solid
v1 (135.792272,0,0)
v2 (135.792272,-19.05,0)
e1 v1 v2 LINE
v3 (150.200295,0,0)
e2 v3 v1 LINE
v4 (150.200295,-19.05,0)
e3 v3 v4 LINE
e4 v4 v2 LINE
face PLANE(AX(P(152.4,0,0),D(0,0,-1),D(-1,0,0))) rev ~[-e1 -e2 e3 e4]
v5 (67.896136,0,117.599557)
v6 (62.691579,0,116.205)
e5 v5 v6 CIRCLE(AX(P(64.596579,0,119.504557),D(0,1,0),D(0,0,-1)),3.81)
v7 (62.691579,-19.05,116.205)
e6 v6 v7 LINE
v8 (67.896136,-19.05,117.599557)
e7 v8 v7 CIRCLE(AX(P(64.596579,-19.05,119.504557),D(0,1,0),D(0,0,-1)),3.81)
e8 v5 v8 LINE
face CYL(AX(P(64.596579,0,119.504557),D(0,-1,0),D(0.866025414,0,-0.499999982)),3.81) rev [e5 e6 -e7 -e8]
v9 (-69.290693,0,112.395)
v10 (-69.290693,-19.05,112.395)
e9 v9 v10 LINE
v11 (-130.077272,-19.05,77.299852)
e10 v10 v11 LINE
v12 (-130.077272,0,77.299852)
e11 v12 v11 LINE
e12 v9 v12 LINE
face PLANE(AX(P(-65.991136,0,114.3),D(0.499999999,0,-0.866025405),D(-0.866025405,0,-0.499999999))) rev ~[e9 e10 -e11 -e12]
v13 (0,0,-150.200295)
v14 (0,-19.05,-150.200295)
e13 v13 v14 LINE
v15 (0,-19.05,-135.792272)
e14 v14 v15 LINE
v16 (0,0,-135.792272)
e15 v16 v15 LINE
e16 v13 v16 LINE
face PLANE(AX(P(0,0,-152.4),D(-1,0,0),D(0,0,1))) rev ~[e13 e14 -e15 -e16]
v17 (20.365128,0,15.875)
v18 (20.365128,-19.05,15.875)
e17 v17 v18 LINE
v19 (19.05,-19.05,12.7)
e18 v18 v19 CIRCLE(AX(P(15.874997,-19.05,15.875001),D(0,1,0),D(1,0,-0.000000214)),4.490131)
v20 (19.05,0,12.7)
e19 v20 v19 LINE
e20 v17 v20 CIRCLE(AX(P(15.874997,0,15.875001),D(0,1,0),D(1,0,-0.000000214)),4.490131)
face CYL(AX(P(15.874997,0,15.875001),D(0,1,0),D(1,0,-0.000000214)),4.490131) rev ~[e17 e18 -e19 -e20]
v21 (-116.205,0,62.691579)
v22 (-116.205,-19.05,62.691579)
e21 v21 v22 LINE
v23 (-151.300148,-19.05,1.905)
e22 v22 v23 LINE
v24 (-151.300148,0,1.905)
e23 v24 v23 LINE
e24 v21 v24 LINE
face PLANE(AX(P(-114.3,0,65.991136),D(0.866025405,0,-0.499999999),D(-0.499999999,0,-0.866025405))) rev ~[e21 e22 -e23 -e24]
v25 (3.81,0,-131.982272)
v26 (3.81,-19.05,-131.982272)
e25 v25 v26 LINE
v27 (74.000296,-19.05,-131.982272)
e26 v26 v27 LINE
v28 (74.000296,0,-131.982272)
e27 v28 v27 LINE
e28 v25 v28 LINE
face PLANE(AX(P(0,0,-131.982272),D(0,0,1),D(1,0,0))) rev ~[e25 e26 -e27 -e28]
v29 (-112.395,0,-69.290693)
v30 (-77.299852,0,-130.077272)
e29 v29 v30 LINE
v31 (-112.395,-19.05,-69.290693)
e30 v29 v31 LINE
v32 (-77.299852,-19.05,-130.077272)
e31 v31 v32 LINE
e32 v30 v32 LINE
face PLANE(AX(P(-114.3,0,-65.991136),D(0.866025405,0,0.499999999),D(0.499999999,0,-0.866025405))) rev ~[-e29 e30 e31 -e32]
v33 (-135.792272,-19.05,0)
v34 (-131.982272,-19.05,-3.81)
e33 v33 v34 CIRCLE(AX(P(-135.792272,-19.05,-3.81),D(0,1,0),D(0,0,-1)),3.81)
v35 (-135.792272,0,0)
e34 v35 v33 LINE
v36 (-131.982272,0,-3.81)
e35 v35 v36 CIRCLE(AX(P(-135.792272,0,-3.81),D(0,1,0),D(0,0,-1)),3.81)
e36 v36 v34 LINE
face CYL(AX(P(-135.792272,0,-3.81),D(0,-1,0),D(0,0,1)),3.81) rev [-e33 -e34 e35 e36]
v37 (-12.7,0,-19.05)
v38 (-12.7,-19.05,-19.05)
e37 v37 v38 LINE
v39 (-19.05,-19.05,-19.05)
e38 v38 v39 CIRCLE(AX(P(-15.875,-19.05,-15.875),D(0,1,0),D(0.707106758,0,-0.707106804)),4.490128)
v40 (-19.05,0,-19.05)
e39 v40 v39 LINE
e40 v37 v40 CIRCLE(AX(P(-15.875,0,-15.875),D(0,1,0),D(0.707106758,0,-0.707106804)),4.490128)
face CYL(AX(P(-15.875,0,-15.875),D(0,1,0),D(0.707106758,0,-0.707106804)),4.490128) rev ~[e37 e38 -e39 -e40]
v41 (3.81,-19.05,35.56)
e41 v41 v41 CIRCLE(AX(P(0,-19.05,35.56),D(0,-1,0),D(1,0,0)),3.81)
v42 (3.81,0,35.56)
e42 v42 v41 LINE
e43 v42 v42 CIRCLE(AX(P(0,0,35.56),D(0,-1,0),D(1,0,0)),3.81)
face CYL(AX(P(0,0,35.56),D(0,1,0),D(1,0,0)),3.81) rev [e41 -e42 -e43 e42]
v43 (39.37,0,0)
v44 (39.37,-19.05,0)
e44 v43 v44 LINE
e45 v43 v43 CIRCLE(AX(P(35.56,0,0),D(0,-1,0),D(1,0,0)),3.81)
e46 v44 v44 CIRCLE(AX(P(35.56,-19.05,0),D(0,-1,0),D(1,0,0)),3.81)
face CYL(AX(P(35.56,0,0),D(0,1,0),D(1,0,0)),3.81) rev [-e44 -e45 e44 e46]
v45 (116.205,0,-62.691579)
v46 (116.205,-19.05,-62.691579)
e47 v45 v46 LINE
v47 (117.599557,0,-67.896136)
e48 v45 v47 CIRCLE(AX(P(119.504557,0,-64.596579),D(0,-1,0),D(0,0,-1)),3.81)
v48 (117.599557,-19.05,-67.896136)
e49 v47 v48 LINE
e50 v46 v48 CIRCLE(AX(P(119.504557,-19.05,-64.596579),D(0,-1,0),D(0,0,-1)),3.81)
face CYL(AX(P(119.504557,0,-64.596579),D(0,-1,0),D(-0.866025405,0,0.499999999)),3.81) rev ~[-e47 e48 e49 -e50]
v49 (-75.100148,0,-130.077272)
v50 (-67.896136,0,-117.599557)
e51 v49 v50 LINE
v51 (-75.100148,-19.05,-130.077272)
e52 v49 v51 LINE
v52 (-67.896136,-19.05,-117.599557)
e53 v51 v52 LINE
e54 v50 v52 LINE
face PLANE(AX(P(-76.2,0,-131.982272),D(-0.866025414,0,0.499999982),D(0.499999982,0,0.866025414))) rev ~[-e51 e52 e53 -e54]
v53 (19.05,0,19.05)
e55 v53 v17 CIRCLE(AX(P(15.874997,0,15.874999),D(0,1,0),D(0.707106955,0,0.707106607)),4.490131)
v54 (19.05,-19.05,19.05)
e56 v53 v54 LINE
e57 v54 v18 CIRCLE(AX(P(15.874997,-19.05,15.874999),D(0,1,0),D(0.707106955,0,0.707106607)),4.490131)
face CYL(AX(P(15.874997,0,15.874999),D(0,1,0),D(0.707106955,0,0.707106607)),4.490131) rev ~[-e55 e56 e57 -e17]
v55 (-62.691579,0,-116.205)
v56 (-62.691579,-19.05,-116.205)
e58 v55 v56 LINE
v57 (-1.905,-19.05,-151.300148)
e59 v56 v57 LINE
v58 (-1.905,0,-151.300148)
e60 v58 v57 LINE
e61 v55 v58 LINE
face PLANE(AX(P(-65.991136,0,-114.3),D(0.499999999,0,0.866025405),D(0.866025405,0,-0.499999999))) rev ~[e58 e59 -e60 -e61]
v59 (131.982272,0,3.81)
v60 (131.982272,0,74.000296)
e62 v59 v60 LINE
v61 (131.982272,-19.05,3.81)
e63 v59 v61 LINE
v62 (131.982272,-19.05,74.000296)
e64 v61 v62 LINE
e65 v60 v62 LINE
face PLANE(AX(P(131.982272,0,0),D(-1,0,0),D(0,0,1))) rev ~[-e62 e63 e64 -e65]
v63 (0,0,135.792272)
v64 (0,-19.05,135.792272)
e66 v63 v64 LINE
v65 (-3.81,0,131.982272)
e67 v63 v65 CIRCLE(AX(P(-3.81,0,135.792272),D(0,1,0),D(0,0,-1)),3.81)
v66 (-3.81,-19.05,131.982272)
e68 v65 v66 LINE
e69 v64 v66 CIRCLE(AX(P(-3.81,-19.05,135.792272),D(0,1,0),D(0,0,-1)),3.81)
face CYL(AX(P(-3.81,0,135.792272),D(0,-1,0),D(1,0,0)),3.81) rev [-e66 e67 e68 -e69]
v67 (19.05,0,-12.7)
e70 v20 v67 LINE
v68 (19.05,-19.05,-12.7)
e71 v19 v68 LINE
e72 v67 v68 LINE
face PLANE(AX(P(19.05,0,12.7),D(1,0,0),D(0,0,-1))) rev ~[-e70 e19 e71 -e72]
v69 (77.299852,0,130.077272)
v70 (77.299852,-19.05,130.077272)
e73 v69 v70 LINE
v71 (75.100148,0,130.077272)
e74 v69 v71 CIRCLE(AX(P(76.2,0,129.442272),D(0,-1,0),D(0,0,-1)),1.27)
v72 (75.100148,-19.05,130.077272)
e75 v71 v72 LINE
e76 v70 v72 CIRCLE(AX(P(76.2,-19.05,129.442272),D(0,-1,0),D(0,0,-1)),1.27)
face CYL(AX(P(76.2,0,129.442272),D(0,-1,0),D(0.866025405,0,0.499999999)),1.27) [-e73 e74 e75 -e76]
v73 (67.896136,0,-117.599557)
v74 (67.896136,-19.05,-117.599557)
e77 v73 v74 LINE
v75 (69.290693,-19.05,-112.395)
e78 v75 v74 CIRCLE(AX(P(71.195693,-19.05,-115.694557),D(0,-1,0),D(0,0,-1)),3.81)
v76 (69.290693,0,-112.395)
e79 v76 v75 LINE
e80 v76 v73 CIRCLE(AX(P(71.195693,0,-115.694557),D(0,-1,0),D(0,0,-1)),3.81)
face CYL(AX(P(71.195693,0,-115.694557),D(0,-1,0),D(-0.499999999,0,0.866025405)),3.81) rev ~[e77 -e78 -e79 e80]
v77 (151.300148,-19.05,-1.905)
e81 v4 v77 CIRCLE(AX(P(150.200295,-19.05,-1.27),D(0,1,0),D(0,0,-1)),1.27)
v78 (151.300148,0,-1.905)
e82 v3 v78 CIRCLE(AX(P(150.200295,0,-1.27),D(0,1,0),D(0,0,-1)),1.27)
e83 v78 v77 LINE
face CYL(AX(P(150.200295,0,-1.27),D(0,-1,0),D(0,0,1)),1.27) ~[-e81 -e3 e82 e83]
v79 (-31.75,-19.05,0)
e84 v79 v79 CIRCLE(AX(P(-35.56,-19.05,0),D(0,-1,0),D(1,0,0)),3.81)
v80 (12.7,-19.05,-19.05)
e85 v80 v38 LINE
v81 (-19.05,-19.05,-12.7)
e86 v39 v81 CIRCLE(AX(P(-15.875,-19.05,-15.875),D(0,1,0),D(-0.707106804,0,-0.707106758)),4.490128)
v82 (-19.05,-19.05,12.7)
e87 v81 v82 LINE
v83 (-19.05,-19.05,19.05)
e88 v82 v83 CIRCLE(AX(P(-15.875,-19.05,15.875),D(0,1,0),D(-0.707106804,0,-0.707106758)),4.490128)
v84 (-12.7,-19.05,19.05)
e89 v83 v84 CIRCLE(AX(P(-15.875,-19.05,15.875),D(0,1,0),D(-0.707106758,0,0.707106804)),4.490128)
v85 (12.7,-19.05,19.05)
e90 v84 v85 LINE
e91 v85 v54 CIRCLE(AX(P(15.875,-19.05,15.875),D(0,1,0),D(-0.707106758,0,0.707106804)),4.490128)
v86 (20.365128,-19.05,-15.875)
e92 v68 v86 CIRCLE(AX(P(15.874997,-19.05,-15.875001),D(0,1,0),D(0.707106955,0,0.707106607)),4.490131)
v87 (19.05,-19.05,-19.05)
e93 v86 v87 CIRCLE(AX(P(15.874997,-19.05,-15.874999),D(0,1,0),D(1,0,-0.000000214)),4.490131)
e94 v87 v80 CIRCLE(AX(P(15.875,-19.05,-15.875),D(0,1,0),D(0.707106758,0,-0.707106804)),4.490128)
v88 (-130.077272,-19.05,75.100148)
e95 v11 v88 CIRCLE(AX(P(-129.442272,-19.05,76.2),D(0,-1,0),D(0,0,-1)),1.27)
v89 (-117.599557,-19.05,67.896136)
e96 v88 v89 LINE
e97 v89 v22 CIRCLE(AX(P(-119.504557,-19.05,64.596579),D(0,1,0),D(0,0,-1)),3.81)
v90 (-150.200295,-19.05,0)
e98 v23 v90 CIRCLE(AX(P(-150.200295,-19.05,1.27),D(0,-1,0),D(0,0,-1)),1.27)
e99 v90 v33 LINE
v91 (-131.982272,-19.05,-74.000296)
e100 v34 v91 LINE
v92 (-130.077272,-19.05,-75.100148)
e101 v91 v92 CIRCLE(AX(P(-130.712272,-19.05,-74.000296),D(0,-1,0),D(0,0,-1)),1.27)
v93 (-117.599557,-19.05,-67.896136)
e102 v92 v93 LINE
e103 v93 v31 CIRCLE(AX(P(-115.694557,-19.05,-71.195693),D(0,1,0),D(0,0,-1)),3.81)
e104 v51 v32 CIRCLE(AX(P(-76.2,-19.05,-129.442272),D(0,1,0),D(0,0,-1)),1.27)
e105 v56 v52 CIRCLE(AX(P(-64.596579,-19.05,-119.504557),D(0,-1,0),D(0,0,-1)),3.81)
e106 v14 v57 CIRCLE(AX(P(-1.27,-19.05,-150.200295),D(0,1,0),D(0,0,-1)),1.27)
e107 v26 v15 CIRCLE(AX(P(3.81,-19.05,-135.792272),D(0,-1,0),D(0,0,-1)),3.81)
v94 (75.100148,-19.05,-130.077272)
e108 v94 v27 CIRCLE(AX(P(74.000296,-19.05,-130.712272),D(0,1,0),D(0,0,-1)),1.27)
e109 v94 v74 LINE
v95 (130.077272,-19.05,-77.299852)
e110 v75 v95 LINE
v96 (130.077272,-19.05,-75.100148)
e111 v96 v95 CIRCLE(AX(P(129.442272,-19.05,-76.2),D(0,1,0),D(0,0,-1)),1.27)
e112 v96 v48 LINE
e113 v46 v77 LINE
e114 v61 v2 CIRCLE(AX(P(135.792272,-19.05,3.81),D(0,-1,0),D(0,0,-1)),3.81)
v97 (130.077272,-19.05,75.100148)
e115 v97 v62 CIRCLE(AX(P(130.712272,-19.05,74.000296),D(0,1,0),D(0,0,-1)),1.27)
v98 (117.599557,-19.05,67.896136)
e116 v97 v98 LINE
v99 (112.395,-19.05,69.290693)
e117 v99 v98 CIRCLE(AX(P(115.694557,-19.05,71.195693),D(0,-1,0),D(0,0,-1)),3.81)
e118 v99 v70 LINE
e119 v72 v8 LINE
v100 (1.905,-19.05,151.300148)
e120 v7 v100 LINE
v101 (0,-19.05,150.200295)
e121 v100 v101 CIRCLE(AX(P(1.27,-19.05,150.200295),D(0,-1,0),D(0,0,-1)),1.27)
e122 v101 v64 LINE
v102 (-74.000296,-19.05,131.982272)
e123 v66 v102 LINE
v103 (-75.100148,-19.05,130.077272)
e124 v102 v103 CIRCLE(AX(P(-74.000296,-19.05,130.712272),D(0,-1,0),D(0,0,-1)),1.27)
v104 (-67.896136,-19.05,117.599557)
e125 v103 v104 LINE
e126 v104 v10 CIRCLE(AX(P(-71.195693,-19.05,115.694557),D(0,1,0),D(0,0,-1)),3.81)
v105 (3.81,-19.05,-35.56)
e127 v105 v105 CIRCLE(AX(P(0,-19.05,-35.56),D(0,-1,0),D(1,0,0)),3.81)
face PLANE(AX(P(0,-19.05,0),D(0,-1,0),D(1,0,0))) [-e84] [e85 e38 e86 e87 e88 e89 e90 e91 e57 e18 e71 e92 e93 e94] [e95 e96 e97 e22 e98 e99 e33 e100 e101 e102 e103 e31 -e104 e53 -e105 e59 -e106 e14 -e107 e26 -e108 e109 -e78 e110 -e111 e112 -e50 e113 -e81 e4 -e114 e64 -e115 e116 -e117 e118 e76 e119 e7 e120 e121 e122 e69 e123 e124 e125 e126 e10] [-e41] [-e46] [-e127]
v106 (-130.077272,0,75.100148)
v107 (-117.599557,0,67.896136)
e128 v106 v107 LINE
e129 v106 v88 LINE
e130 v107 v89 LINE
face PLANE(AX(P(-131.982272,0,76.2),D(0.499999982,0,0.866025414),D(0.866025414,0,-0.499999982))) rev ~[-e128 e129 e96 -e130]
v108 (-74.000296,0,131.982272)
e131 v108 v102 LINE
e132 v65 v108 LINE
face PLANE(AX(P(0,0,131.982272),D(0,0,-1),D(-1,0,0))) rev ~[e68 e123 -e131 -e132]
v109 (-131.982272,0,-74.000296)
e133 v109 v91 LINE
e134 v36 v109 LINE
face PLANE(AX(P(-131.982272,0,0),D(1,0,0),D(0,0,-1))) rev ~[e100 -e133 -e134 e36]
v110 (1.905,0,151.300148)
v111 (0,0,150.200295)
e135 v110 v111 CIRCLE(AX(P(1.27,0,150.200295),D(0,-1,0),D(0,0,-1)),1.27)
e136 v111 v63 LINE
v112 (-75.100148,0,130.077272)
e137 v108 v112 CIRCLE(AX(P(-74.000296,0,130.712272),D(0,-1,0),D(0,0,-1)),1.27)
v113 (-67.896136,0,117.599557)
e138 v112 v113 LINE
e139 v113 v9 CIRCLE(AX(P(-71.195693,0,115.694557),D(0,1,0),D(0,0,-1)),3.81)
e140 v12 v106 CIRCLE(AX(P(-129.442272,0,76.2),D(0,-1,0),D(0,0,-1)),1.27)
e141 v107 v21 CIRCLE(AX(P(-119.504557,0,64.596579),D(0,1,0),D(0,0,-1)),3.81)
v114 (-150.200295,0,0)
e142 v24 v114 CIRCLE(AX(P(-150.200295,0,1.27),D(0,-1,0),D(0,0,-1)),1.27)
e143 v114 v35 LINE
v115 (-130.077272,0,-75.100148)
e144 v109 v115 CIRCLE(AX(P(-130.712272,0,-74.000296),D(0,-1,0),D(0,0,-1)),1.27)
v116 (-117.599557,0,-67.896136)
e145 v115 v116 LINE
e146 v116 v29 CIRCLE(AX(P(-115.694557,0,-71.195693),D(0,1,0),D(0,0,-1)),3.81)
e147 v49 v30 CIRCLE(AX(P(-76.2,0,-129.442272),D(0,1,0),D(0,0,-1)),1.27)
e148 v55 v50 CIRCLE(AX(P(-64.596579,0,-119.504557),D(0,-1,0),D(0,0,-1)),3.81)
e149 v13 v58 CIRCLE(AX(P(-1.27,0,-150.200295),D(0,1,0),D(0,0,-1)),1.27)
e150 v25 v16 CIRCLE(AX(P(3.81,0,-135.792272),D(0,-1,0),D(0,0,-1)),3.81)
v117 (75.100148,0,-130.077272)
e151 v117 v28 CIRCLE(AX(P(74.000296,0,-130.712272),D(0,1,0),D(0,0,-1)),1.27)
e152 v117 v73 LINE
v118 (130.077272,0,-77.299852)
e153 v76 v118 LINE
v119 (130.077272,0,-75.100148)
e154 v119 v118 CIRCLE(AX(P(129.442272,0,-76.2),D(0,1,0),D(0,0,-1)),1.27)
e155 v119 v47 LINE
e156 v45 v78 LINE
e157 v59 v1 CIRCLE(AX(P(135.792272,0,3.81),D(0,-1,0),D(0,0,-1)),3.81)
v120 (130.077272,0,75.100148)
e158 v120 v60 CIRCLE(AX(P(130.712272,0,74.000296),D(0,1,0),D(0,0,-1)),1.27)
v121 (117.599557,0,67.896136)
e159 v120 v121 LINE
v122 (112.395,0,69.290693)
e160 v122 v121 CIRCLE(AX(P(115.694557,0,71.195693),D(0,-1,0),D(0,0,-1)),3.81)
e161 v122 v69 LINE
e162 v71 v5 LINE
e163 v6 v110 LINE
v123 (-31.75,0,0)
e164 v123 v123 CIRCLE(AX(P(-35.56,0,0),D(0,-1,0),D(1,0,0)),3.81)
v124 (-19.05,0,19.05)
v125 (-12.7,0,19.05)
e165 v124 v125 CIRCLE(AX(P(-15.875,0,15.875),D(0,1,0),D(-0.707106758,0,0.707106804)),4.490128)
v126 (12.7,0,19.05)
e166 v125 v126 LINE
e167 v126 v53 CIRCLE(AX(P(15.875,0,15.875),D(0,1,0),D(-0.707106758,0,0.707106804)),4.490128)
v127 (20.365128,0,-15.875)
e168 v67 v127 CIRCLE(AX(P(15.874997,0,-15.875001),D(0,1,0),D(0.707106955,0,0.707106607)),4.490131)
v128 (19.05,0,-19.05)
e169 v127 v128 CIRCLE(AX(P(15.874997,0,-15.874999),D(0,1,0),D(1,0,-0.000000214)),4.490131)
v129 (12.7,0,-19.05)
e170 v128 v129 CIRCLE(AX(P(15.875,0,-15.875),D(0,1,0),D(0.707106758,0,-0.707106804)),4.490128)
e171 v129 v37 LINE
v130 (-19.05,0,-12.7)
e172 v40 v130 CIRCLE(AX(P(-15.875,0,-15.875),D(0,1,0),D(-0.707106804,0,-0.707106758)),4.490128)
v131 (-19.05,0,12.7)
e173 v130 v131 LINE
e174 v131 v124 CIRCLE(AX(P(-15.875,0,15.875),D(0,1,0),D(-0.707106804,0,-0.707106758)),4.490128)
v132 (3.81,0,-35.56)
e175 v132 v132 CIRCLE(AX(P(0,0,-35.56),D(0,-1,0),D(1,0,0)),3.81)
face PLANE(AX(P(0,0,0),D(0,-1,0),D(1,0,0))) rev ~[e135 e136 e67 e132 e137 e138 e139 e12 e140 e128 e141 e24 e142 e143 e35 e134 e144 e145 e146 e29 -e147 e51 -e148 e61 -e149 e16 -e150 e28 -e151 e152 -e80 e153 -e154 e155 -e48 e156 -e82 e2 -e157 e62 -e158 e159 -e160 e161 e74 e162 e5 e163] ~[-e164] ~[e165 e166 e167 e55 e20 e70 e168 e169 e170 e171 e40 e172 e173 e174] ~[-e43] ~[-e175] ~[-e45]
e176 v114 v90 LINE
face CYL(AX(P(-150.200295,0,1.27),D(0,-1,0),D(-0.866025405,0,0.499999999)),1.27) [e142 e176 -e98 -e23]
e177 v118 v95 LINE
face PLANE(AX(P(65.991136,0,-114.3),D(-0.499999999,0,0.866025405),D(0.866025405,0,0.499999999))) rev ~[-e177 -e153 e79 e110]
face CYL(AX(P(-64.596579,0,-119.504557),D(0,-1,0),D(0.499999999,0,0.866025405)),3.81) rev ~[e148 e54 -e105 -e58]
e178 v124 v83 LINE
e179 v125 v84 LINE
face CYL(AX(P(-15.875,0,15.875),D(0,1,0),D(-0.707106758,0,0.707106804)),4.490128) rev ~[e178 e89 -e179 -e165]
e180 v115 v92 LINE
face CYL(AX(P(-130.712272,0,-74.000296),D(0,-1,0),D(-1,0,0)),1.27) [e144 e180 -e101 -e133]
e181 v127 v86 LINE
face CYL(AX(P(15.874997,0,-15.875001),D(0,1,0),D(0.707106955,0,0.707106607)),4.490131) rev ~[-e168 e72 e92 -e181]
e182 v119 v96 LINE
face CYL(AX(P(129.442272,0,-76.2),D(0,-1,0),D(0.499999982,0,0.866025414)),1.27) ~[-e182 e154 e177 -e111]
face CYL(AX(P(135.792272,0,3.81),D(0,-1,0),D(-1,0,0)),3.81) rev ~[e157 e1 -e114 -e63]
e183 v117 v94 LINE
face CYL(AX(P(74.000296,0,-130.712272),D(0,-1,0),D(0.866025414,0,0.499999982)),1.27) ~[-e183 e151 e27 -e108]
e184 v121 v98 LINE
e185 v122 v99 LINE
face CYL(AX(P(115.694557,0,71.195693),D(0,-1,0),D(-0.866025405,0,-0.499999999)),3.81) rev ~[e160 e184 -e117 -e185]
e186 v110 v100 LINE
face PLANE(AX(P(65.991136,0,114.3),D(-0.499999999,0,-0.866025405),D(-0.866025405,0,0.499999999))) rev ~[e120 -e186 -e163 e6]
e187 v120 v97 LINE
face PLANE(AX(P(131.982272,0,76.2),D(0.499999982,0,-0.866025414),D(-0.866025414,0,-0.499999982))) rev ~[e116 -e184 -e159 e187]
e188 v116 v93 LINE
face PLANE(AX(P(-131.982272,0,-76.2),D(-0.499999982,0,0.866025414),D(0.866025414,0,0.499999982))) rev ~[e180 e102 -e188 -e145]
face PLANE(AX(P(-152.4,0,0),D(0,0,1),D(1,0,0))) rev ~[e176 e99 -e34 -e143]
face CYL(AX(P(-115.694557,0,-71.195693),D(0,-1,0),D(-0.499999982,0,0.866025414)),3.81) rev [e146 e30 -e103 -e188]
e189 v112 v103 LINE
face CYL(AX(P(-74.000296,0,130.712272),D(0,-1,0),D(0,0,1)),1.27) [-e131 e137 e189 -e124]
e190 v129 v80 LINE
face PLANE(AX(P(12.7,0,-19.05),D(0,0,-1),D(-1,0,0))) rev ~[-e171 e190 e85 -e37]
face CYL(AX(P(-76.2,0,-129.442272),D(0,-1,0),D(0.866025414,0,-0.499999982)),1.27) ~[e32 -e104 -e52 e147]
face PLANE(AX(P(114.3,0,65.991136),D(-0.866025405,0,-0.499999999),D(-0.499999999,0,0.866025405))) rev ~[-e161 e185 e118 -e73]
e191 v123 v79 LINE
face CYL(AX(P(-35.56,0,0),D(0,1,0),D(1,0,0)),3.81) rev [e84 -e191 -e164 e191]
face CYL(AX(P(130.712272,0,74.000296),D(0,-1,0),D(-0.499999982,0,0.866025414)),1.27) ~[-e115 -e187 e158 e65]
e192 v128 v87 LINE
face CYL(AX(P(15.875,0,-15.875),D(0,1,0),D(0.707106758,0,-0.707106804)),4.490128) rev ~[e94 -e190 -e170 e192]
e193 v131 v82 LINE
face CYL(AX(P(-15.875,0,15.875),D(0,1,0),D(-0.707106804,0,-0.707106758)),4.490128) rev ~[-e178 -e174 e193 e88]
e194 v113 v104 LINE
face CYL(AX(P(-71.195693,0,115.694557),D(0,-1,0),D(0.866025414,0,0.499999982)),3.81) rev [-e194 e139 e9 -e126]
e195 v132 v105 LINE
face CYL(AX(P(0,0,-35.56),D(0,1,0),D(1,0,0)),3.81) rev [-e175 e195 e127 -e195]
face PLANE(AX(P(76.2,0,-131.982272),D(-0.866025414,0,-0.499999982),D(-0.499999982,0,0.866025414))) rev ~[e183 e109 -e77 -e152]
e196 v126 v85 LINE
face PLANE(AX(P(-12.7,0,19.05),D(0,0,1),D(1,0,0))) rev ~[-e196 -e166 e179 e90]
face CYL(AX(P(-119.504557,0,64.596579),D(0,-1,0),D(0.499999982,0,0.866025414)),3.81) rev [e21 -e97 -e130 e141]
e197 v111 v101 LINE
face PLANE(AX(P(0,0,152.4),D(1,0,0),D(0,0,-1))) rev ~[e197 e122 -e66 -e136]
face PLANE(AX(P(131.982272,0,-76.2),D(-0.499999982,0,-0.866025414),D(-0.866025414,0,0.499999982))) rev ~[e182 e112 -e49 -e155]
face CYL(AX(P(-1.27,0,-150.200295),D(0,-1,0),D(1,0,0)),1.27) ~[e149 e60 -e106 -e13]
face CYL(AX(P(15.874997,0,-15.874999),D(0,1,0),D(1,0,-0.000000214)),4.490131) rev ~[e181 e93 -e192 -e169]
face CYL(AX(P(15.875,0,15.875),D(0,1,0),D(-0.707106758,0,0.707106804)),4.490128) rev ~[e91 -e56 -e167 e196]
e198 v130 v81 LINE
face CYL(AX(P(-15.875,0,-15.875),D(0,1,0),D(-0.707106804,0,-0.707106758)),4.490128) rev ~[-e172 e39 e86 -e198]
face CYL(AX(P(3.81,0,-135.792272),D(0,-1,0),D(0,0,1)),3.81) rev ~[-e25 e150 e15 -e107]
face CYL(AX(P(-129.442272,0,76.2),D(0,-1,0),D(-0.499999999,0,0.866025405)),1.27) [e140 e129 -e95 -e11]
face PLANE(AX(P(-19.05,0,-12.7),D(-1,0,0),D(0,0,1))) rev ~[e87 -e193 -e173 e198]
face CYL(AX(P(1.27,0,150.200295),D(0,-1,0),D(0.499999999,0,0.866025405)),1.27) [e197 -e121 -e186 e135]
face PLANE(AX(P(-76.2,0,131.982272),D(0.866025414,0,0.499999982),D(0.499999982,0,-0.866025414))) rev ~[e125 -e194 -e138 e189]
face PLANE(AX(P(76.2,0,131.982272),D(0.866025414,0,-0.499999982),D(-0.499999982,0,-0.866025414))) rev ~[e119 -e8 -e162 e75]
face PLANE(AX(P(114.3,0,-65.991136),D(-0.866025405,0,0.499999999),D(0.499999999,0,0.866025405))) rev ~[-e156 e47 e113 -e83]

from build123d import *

# Parameters (mm, degrees)
F0_R     = 3.81
F1_DEPTH = 19.05
F2_R     = 3.81
F3_R     = 1.27


with BuildPart() as f1:
    # F0 (on Front) → F1 (new body)
    with BuildSketch(Plane.XZ):
        Polygon((114.3, 65.991136), (76.2, 131.982272), (65.991136, 114.3), (0, 152.4), (0, 131.982272), (-76.2, 131.982272), (-65.991136, 114.3), (-131.982272, 76.2), (-114.3, 65.991136), (-152.4, 0), (-131.982272, 0), (-131.982272, -76.2), (-114.3, -65.991136), (-76.2, -131.982272), (-65.991136, -114.3), (0, -152.4), (0, -131.982272), (76.2, -131.982272), (65.991136, -114.3), (131.982272, -76.2), (114.3, -65.991136), (152.4, 0), (131.982272, 0), (131.982272, 76.2), align=None)
        with Locations((0, -35.56)):
            Circle(F0_R, mode=Mode.SUBTRACT)
        with Locations((-35.56, 0)):
            Circle(F0_R, mode=Mode.SUBTRACT)
        with BuildLine():
            ThreePointArc((-12.7, -19.05), (-15.875, -20.365128), (-19.05, -19.05))
            ThreePointArc((-19.05, -19.05), (-20.365128, -15.875), (-19.05, -12.7))
            Line((-19.05, -12.7), (-19.05, 12.7))
            ThreePointArc((-19.05, 12.7), (-20.365128, 15.875), (-19.05, 19.05))
            ThreePointArc((-19.05, 19.05), (-15.875, 20.365128), (-12.7, 19.05))
            Line((-12.7, 19.05), (12.7, 19.05))
            ThreePointArc((12.7, 19.05), (15.875, 20.365128), (19.05, 19.05))
            ThreePointArc((19.05, 19.05), (20.023337, 17.593298), (20.365128, 15.875))
            ThreePointArc((20.365128, 15.875), (20.023337, 14.156702), (19.05, 12.7))
            Line((19.05, 12.7), (19.05, -12.7))
            ThreePointArc((19.05, -12.7), (20.023337, -14.156702), (20.365128, -15.875))
            ThreePointArc((20.365128, -15.875), (20.023337, -17.593298), (19.05, -19.05))
            ThreePointArc((19.05, -19.05), (15.875, -20.365128), (12.7, -19.05))
            Line((12.7, -19.05), (-12.7, -19.05))
        make_face(mode=Mode.SUBTRACT)
        with Locations((35.56, 0)):
            Circle(F0_R, mode=Mode.SUBTRACT)
        with Locations((0, 35.56)):
            Circle(F0_R, mode=Mode.SUBTRACT)
    extrude(amount=F1_DEPTH)

    # F2
    f2_edges = [f1.edges().sort_by_distance(p)[0] for p in [
        (65.991136, -9.525, 114.3),
        (114.3, -9.525, 65.991136),
        (131.982272, -9.525, 0),
        (114.3, -9.525, -65.991136),
        (65.991136, -9.525, -114.3),
        (0, -9.525, -131.982272),
        (-65.991136, -9.525, -114.3),
        (-114.3, -9.525, -65.991136),
        (-131.982272, -9.525, 0),
        (-114.3, -9.525, 65.991136),
        (-65.991136, -9.525, 114.3),
        (0, -9.525, 131.982272),
    ]]
    fillet(f2_edges, radius=F2_R)

    # F3
    f3_edges = [f1.edges().sort_by_distance(p)[0] for p in [
        (0, -9.525, 152.4),
        (76.2, -9.525, 131.982272),
        (131.982272, -9.525, 76.2),
        (152.4, -9.525, 0),
        (131.982272, -9.525, -76.2),
        (76.2, -9.525, -131.982272),
        (0, -9.525, -152.4),
        (-76.2, -9.525, -131.982272),
        (-131.982272, -9.525, -76.2),
        (-152.4, -9.525, 0),
        (-131.982272, -9.525, 76.2),
        (-76.2, -9.525, 131.982272),
    ]]
    fillet(f3_edges, radius=F3_R)


solid = f1.part
